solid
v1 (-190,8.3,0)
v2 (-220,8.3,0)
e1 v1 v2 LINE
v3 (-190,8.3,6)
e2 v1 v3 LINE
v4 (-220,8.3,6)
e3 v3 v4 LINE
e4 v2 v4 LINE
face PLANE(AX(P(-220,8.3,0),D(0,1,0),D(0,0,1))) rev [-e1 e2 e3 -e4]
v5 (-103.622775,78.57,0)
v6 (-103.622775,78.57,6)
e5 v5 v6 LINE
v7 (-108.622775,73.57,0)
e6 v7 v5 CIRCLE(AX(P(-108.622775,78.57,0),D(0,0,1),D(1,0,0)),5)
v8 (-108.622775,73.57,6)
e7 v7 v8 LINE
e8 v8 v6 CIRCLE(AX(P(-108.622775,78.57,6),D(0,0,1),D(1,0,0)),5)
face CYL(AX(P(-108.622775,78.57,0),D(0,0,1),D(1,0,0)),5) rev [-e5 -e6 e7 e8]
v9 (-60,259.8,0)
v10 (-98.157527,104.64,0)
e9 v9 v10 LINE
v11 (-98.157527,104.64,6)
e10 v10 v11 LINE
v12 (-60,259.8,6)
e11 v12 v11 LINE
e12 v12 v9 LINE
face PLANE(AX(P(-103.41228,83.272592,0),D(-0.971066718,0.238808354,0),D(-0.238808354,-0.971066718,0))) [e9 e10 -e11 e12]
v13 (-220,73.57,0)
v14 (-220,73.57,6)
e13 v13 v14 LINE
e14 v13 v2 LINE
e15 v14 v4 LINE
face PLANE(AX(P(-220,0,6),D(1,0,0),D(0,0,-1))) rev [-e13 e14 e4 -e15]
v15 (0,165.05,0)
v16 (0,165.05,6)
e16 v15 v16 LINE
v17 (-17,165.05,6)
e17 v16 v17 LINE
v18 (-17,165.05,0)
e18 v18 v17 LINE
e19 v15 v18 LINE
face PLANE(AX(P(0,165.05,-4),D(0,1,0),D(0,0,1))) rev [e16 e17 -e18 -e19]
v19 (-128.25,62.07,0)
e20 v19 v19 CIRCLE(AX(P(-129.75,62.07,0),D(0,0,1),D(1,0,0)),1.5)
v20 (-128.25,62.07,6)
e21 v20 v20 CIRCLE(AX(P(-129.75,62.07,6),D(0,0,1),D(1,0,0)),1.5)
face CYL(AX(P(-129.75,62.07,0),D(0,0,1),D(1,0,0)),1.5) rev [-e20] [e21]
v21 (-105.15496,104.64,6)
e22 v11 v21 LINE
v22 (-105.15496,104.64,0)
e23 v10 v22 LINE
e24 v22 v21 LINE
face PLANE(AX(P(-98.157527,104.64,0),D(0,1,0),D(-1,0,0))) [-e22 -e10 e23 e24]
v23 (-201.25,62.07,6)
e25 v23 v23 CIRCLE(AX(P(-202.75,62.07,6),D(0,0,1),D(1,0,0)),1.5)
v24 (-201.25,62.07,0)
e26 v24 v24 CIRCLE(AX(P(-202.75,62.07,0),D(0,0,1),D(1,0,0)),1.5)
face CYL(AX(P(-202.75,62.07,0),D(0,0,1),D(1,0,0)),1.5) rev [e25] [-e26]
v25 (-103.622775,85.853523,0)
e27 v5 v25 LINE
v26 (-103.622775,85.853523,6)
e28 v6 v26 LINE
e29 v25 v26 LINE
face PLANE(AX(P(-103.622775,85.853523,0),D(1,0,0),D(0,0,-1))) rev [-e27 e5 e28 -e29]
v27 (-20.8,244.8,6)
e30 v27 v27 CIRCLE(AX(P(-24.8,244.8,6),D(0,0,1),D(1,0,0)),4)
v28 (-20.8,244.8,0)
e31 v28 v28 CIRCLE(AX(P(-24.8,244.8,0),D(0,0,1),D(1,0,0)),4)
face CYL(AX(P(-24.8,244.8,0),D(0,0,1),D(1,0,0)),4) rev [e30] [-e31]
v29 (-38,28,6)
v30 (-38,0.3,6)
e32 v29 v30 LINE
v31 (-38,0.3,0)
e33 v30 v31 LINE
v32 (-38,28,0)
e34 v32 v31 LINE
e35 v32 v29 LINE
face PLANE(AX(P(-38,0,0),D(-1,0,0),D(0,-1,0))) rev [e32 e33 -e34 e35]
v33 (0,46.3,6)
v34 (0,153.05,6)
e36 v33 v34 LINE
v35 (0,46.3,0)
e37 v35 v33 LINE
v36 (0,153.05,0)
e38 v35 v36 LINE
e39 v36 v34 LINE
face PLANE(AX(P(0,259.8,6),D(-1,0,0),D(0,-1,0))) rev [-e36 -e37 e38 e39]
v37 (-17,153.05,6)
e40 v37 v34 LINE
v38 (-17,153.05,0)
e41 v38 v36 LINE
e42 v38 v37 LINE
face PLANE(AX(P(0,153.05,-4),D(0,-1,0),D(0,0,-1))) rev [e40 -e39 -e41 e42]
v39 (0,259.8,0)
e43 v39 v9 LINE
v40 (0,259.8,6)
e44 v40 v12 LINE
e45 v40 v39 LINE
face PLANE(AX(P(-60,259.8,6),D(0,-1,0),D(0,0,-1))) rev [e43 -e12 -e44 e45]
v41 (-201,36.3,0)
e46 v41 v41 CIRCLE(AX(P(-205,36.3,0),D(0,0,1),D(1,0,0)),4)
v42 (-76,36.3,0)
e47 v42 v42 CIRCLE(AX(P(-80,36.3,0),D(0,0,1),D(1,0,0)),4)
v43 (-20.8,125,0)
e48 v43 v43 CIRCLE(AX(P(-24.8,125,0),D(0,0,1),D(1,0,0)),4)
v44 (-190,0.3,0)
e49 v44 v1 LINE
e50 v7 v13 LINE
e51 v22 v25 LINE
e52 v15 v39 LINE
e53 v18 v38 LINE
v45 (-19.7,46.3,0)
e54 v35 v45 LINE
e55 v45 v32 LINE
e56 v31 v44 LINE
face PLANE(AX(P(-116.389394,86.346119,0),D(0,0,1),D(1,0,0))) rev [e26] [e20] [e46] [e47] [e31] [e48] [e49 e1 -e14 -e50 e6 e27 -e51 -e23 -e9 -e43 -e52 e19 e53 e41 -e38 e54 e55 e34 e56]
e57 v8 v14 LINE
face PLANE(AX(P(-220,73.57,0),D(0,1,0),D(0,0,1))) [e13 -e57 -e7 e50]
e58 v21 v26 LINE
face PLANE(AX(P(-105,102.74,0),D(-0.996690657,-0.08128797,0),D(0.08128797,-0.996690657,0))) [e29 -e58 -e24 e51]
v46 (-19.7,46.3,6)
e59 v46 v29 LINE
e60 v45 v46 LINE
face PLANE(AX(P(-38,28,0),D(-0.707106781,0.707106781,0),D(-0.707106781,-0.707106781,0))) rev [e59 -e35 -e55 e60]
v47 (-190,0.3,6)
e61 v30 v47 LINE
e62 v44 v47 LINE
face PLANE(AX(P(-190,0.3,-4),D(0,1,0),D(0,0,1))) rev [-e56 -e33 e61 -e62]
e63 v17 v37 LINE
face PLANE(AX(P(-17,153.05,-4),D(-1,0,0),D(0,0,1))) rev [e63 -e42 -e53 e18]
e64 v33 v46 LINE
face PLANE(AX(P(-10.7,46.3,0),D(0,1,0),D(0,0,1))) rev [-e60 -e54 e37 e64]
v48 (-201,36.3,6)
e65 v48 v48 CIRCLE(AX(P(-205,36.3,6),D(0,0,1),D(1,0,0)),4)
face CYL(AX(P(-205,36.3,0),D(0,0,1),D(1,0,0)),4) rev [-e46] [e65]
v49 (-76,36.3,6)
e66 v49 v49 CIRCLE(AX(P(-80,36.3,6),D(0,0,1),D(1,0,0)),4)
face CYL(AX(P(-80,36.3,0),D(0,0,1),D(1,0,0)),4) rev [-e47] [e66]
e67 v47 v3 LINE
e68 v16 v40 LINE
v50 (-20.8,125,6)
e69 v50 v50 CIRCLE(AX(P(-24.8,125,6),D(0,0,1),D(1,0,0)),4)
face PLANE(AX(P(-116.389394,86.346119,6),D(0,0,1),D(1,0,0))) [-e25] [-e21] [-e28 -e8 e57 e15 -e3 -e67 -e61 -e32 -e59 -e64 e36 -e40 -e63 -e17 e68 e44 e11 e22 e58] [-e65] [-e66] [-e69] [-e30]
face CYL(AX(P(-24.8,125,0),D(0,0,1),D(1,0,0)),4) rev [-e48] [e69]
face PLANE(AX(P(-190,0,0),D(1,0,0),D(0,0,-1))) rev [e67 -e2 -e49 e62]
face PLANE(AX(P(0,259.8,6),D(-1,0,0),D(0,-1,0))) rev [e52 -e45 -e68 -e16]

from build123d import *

# Parameters (mm, degrees)
BOSS_EXTRUDE2_DEPTH     = 6
SKETCH2_R               = 4
SKETCH2_W               = 30
SKETCH2_H               = 8.3
CUT_EXTRUDE1_DEPTH      = 341.487943986
CROQUIS1_W              = 103.610606389
CROQUIS1_H              = 1.56
SALIENTE_EXTRUIR2_DEPTH = 6
SALIENTE_EXTRUIR3_DEPTH = 6
SALIENTE_EXTRUIR4_START = -6
SALIENTE_EXTRUIR4_DEPTH = 6
SALIENTE_EXTRUIR5_DEPTH = 6
SALIENTE_EXTRUIR6_DEPTH = 6
CROQUIS7_W              = 103.610606389
CROQUIS7_H              = 0.56
SALIENTE_EXTRUIR7_DEPTH = 6
SALIENTE_EXTRUIR8_DEPTH = 6
SKETCH3_R               = 1.5
CUT_EXTRUDE2_DEPTH      = 341.487943986
CUT_EXTRUDE3_DEPTH      = 341.487943986
CROQUIS9_W              = 152
CROQUIS9_H              = 0.3
CORTAR_EXTRUIR1_DEPTH   = 10
CORTAR_EXTRUIR2_DEPTH   = 6
CROQUIS12_R             = 4
CORTAR_EXTRUIR3_DEPTH   = 6
SALIENTE_EXTRUIR9_DEPTH = 6
CROQUIS14_W             = 17
CROQUIS14_H             = 12
CORTAR_EXTRUIR4_DEPTH   = 10


with BuildPart() as part:
    # Sketch1 → Boss-Extrude2 (new body)
    with BuildSketch(Plane.XY):
        with BuildLine():
            Line((0, 0), (-220, 0))
            Line((-220, 0), (-220, 71.45))
            Line((-220, 71.45), (-116.389393611, 71.45))
            ThreePointArc((-116.389393611, 71.45), (-107.149394721, 74.662079518), (-101.894274329, 82.913063942))
            Line((-101.894274329, 82.913063942), (-60, 259.8))
            Line((-60, 259.8), (0, 259.8))
            Line((0, 259.8), (0, 0))
        make_face()
    extrude(amount=BOSS_EXTRUDE2_DEPTH)

    # Sketch2 → Cut-Extrude1 (cut, through all)
    with BuildSketch(Plane.XY.offset(6)):
        with Locations((-205, 36.3)):
            Circle(SKETCH2_R)
        with Locations((-24.8, 244.8)):
            Circle(SKETCH2_R)
        with Locations((-24.8, 125)):
            Circle(SKETCH2_R)
        with Locations((-80, 43.8)):
            Circle(SKETCH2_R)
        with Locations((-205, 4.15)):
            Rectangle(SKETCH2_W, SKETCH2_H)
        Polygon((-38, 0), (-38, 19), (-10.7, 46.3), (0, 46.3), (0, 0), align=None)
    extrude(amount=-CUT_EXTRUDE1_DEPTH, mode=Mode.SUBTRACT)

    # Croquis1 → Saliente-Extruir2 (add)
    with BuildSketch(Plane.XY.offset(6)):
        with Locations((-168.194696806, 72.23)):
            Rectangle(CROQUIS1_W, CROQUIS1_H)
    extrude(amount=-SALIENTE_EXTRUIR2_DEPTH)

    # Croquis3 → Saliente-Extruir3 (add)
    with BuildSketch(Plane.XY.offset(6)):
        Polygon((-101.894274329, 82.913063942), (-103.412279578, 83.272591501), (-60, 259.8), align=None)
    extrude(amount=-SALIENTE_EXTRUIR3_DEPTH)

    # Croquis4 → Saliente-Extruir4 (add)
    with BuildSketch(Plane.XY.offset(6).offset(SALIENTE_EXTRUIR4_START)):
        with BuildLine():
            Line((-103.412279578, 83.272591501), (-101.894274329, 82.913063942))
            ThreePointArc((-101.894274329, 82.913063942), (-107.149394721, 74.662079518), (-116.389393611, 71.45))
            Line((-116.389393611, 71.45), (-116.389393611, 73.01))
            ThreePointArc((-116.389393611, 73.01), (-108.117056079, 75.88569363), (-103.412279578, 83.272591501))
        make_face()
    extrude(amount=SALIENTE_EXTRUIR4_DEPTH)

    # Croquis5 → Saliente-Extruir5 (add)
    with BuildSketch(Plane.XY.offset(6)):
        Polygon((-105, 102.74), (-55, 102.74), (-103.412279578, 83.272591501), align=None)
    extrude(amount=-SALIENTE_EXTRUIR5_DEPTH)

    # Croquis6 → Saliente-Extruir6 (add)
    with BuildSketch(Plane.XY.offset(6)):
        Polygon((-98.157526679, 104.64), (-105.154959958, 104.64), (-105, 102.74), (-98.624781775, 102.74), align=None)
    extrude(amount=-SALIENTE_EXTRUIR6_DEPTH)

    # Croquis7 → Saliente-Extruir7 (add)
    with BuildSketch(Plane.XY.offset(6)):
        with Locations((-168.194696806, 73.29)):
            Rectangle(CROQUIS7_W, CROQUIS7_H)
    extrude(amount=-SALIENTE_EXTRUIR7_DEPTH)

    # Croquis8 → Saliente-Extruir8 (add)
    with BuildSketch(Plane.XY.offset(6)):
        with BuildLine():
            Line((-116.389393611, 73.57), (-117.98880457, 71.652693326))
            Line((-117.98880457, 71.652693326), (-105.380568296, 73.057716723))
            Line((-105.380568296, 73.057716723), (-100.684832206, 83.373546401))
            Line((-100.684832206, 83.373546401), (-103.622774874, 85.853523162))
            ThreePointArc((-103.622774874, 85.853523162), (-107.531184208, 77.13952683), (-116.389393611, 73.57))
        make_face()
    extrude(amount=-SALIENTE_EXTRUIR8_DEPTH)

    # Sketch3 → Cut-Extrude2 (cut, through all)
    with BuildSketch(Plane.XY.offset(6)):
        with Locations((-202.75, 62.07)):
            Circle(SKETCH3_R)
        with Locations((-129.75, 62.07)):
            Circle(SKETCH3_R)
    extrude(amount=-CUT_EXTRUDE2_DEPTH, mode=Mode.SUBTRACT)

    # Sketch4 → Cut-Extrude3 (cut, through all)
    with BuildSketch(Plane.XY.offset(6)):
        with BuildLine():
            Line((-103.622774874, 85.853523162), (-103.622774874, 78.57))
            ThreePointArc((-103.622774874, 78.57), (-105.087240968, 75.034466094), (-108.622774874, 73.57))
            Line((-108.622774874, 73.57), (-116.389393611, 73.57))
            ThreePointArc((-116.389393611, 73.57), (-107.531184208, 77.13952683), (-103.622774874, 85.853523162))
        make_face()
    extrude(amount=-CUT_EXTRUDE3_DEPTH, mode=Mode.SUBTRACT)

    # Croquis9 → Cortar-Extruir1 (cut)
    with BuildSketch(Plane.XY.offset(6)):
        with Locations((-114, 0.15)):
            Rectangle(CROQUIS9_W, CROQUIS9_H)
    extrude(amount=-CORTAR_EXTRUIR1_DEPTH, mode=Mode.SUBTRACT)

    # Croquis11 → Cortar-Extruir2 (cut)
    with BuildSketch(Plane.XY.offset(6)):
        Polygon((-10.7, 46.3), (-19.7, 46.3), (-38, 28), (-38, 19), align=None)
    extrude(amount=-CORTAR_EXTRUIR2_DEPTH, mode=Mode.SUBTRACT)

    # Croquis12 → Cortar-Extruir3 (cut)
    with BuildSketch(Plane.XY.offset(6)):
        with Locations((-80, 36.3)):
            Circle(CROQUIS12_R)
    extrude(amount=-CORTAR_EXTRUIR3_DEPTH, mode=Mode.SUBTRACT)

    # Croquis13 → Saliente-Extruir9 (add)
    with BuildSketch(Plane.XY.offset(6)):
        with BuildLine():
            ThreePointArc((-78.608058909, 40.05), (-76.716117819, 41.516117819), (-76, 43.8))
            ThreePointArc((-76, 43.8), (-82.283882181, 47.083882181), (-81.391941091, 40.05))
            ThreePointArc((-81.391941091, 40.05), (-80, 40.3), (-78.608058909, 40.05))
        make_face()
    extrude(amount=-SALIENTE_EXTRUIR9_DEPTH)

    # Croquis14 → Cortar-Extruir4 (cut)
    with BuildSketch(Plane.XY.offset(6)):
        with Locations((-8.5, 159.05)):
            Rectangle(CROQUIS14_W, CROQUIS14_H)
    extrude(amount=-CORTAR_EXTRUIR4_DEPTH, mode=Mode.SUBTRACT)


solid = part.part
